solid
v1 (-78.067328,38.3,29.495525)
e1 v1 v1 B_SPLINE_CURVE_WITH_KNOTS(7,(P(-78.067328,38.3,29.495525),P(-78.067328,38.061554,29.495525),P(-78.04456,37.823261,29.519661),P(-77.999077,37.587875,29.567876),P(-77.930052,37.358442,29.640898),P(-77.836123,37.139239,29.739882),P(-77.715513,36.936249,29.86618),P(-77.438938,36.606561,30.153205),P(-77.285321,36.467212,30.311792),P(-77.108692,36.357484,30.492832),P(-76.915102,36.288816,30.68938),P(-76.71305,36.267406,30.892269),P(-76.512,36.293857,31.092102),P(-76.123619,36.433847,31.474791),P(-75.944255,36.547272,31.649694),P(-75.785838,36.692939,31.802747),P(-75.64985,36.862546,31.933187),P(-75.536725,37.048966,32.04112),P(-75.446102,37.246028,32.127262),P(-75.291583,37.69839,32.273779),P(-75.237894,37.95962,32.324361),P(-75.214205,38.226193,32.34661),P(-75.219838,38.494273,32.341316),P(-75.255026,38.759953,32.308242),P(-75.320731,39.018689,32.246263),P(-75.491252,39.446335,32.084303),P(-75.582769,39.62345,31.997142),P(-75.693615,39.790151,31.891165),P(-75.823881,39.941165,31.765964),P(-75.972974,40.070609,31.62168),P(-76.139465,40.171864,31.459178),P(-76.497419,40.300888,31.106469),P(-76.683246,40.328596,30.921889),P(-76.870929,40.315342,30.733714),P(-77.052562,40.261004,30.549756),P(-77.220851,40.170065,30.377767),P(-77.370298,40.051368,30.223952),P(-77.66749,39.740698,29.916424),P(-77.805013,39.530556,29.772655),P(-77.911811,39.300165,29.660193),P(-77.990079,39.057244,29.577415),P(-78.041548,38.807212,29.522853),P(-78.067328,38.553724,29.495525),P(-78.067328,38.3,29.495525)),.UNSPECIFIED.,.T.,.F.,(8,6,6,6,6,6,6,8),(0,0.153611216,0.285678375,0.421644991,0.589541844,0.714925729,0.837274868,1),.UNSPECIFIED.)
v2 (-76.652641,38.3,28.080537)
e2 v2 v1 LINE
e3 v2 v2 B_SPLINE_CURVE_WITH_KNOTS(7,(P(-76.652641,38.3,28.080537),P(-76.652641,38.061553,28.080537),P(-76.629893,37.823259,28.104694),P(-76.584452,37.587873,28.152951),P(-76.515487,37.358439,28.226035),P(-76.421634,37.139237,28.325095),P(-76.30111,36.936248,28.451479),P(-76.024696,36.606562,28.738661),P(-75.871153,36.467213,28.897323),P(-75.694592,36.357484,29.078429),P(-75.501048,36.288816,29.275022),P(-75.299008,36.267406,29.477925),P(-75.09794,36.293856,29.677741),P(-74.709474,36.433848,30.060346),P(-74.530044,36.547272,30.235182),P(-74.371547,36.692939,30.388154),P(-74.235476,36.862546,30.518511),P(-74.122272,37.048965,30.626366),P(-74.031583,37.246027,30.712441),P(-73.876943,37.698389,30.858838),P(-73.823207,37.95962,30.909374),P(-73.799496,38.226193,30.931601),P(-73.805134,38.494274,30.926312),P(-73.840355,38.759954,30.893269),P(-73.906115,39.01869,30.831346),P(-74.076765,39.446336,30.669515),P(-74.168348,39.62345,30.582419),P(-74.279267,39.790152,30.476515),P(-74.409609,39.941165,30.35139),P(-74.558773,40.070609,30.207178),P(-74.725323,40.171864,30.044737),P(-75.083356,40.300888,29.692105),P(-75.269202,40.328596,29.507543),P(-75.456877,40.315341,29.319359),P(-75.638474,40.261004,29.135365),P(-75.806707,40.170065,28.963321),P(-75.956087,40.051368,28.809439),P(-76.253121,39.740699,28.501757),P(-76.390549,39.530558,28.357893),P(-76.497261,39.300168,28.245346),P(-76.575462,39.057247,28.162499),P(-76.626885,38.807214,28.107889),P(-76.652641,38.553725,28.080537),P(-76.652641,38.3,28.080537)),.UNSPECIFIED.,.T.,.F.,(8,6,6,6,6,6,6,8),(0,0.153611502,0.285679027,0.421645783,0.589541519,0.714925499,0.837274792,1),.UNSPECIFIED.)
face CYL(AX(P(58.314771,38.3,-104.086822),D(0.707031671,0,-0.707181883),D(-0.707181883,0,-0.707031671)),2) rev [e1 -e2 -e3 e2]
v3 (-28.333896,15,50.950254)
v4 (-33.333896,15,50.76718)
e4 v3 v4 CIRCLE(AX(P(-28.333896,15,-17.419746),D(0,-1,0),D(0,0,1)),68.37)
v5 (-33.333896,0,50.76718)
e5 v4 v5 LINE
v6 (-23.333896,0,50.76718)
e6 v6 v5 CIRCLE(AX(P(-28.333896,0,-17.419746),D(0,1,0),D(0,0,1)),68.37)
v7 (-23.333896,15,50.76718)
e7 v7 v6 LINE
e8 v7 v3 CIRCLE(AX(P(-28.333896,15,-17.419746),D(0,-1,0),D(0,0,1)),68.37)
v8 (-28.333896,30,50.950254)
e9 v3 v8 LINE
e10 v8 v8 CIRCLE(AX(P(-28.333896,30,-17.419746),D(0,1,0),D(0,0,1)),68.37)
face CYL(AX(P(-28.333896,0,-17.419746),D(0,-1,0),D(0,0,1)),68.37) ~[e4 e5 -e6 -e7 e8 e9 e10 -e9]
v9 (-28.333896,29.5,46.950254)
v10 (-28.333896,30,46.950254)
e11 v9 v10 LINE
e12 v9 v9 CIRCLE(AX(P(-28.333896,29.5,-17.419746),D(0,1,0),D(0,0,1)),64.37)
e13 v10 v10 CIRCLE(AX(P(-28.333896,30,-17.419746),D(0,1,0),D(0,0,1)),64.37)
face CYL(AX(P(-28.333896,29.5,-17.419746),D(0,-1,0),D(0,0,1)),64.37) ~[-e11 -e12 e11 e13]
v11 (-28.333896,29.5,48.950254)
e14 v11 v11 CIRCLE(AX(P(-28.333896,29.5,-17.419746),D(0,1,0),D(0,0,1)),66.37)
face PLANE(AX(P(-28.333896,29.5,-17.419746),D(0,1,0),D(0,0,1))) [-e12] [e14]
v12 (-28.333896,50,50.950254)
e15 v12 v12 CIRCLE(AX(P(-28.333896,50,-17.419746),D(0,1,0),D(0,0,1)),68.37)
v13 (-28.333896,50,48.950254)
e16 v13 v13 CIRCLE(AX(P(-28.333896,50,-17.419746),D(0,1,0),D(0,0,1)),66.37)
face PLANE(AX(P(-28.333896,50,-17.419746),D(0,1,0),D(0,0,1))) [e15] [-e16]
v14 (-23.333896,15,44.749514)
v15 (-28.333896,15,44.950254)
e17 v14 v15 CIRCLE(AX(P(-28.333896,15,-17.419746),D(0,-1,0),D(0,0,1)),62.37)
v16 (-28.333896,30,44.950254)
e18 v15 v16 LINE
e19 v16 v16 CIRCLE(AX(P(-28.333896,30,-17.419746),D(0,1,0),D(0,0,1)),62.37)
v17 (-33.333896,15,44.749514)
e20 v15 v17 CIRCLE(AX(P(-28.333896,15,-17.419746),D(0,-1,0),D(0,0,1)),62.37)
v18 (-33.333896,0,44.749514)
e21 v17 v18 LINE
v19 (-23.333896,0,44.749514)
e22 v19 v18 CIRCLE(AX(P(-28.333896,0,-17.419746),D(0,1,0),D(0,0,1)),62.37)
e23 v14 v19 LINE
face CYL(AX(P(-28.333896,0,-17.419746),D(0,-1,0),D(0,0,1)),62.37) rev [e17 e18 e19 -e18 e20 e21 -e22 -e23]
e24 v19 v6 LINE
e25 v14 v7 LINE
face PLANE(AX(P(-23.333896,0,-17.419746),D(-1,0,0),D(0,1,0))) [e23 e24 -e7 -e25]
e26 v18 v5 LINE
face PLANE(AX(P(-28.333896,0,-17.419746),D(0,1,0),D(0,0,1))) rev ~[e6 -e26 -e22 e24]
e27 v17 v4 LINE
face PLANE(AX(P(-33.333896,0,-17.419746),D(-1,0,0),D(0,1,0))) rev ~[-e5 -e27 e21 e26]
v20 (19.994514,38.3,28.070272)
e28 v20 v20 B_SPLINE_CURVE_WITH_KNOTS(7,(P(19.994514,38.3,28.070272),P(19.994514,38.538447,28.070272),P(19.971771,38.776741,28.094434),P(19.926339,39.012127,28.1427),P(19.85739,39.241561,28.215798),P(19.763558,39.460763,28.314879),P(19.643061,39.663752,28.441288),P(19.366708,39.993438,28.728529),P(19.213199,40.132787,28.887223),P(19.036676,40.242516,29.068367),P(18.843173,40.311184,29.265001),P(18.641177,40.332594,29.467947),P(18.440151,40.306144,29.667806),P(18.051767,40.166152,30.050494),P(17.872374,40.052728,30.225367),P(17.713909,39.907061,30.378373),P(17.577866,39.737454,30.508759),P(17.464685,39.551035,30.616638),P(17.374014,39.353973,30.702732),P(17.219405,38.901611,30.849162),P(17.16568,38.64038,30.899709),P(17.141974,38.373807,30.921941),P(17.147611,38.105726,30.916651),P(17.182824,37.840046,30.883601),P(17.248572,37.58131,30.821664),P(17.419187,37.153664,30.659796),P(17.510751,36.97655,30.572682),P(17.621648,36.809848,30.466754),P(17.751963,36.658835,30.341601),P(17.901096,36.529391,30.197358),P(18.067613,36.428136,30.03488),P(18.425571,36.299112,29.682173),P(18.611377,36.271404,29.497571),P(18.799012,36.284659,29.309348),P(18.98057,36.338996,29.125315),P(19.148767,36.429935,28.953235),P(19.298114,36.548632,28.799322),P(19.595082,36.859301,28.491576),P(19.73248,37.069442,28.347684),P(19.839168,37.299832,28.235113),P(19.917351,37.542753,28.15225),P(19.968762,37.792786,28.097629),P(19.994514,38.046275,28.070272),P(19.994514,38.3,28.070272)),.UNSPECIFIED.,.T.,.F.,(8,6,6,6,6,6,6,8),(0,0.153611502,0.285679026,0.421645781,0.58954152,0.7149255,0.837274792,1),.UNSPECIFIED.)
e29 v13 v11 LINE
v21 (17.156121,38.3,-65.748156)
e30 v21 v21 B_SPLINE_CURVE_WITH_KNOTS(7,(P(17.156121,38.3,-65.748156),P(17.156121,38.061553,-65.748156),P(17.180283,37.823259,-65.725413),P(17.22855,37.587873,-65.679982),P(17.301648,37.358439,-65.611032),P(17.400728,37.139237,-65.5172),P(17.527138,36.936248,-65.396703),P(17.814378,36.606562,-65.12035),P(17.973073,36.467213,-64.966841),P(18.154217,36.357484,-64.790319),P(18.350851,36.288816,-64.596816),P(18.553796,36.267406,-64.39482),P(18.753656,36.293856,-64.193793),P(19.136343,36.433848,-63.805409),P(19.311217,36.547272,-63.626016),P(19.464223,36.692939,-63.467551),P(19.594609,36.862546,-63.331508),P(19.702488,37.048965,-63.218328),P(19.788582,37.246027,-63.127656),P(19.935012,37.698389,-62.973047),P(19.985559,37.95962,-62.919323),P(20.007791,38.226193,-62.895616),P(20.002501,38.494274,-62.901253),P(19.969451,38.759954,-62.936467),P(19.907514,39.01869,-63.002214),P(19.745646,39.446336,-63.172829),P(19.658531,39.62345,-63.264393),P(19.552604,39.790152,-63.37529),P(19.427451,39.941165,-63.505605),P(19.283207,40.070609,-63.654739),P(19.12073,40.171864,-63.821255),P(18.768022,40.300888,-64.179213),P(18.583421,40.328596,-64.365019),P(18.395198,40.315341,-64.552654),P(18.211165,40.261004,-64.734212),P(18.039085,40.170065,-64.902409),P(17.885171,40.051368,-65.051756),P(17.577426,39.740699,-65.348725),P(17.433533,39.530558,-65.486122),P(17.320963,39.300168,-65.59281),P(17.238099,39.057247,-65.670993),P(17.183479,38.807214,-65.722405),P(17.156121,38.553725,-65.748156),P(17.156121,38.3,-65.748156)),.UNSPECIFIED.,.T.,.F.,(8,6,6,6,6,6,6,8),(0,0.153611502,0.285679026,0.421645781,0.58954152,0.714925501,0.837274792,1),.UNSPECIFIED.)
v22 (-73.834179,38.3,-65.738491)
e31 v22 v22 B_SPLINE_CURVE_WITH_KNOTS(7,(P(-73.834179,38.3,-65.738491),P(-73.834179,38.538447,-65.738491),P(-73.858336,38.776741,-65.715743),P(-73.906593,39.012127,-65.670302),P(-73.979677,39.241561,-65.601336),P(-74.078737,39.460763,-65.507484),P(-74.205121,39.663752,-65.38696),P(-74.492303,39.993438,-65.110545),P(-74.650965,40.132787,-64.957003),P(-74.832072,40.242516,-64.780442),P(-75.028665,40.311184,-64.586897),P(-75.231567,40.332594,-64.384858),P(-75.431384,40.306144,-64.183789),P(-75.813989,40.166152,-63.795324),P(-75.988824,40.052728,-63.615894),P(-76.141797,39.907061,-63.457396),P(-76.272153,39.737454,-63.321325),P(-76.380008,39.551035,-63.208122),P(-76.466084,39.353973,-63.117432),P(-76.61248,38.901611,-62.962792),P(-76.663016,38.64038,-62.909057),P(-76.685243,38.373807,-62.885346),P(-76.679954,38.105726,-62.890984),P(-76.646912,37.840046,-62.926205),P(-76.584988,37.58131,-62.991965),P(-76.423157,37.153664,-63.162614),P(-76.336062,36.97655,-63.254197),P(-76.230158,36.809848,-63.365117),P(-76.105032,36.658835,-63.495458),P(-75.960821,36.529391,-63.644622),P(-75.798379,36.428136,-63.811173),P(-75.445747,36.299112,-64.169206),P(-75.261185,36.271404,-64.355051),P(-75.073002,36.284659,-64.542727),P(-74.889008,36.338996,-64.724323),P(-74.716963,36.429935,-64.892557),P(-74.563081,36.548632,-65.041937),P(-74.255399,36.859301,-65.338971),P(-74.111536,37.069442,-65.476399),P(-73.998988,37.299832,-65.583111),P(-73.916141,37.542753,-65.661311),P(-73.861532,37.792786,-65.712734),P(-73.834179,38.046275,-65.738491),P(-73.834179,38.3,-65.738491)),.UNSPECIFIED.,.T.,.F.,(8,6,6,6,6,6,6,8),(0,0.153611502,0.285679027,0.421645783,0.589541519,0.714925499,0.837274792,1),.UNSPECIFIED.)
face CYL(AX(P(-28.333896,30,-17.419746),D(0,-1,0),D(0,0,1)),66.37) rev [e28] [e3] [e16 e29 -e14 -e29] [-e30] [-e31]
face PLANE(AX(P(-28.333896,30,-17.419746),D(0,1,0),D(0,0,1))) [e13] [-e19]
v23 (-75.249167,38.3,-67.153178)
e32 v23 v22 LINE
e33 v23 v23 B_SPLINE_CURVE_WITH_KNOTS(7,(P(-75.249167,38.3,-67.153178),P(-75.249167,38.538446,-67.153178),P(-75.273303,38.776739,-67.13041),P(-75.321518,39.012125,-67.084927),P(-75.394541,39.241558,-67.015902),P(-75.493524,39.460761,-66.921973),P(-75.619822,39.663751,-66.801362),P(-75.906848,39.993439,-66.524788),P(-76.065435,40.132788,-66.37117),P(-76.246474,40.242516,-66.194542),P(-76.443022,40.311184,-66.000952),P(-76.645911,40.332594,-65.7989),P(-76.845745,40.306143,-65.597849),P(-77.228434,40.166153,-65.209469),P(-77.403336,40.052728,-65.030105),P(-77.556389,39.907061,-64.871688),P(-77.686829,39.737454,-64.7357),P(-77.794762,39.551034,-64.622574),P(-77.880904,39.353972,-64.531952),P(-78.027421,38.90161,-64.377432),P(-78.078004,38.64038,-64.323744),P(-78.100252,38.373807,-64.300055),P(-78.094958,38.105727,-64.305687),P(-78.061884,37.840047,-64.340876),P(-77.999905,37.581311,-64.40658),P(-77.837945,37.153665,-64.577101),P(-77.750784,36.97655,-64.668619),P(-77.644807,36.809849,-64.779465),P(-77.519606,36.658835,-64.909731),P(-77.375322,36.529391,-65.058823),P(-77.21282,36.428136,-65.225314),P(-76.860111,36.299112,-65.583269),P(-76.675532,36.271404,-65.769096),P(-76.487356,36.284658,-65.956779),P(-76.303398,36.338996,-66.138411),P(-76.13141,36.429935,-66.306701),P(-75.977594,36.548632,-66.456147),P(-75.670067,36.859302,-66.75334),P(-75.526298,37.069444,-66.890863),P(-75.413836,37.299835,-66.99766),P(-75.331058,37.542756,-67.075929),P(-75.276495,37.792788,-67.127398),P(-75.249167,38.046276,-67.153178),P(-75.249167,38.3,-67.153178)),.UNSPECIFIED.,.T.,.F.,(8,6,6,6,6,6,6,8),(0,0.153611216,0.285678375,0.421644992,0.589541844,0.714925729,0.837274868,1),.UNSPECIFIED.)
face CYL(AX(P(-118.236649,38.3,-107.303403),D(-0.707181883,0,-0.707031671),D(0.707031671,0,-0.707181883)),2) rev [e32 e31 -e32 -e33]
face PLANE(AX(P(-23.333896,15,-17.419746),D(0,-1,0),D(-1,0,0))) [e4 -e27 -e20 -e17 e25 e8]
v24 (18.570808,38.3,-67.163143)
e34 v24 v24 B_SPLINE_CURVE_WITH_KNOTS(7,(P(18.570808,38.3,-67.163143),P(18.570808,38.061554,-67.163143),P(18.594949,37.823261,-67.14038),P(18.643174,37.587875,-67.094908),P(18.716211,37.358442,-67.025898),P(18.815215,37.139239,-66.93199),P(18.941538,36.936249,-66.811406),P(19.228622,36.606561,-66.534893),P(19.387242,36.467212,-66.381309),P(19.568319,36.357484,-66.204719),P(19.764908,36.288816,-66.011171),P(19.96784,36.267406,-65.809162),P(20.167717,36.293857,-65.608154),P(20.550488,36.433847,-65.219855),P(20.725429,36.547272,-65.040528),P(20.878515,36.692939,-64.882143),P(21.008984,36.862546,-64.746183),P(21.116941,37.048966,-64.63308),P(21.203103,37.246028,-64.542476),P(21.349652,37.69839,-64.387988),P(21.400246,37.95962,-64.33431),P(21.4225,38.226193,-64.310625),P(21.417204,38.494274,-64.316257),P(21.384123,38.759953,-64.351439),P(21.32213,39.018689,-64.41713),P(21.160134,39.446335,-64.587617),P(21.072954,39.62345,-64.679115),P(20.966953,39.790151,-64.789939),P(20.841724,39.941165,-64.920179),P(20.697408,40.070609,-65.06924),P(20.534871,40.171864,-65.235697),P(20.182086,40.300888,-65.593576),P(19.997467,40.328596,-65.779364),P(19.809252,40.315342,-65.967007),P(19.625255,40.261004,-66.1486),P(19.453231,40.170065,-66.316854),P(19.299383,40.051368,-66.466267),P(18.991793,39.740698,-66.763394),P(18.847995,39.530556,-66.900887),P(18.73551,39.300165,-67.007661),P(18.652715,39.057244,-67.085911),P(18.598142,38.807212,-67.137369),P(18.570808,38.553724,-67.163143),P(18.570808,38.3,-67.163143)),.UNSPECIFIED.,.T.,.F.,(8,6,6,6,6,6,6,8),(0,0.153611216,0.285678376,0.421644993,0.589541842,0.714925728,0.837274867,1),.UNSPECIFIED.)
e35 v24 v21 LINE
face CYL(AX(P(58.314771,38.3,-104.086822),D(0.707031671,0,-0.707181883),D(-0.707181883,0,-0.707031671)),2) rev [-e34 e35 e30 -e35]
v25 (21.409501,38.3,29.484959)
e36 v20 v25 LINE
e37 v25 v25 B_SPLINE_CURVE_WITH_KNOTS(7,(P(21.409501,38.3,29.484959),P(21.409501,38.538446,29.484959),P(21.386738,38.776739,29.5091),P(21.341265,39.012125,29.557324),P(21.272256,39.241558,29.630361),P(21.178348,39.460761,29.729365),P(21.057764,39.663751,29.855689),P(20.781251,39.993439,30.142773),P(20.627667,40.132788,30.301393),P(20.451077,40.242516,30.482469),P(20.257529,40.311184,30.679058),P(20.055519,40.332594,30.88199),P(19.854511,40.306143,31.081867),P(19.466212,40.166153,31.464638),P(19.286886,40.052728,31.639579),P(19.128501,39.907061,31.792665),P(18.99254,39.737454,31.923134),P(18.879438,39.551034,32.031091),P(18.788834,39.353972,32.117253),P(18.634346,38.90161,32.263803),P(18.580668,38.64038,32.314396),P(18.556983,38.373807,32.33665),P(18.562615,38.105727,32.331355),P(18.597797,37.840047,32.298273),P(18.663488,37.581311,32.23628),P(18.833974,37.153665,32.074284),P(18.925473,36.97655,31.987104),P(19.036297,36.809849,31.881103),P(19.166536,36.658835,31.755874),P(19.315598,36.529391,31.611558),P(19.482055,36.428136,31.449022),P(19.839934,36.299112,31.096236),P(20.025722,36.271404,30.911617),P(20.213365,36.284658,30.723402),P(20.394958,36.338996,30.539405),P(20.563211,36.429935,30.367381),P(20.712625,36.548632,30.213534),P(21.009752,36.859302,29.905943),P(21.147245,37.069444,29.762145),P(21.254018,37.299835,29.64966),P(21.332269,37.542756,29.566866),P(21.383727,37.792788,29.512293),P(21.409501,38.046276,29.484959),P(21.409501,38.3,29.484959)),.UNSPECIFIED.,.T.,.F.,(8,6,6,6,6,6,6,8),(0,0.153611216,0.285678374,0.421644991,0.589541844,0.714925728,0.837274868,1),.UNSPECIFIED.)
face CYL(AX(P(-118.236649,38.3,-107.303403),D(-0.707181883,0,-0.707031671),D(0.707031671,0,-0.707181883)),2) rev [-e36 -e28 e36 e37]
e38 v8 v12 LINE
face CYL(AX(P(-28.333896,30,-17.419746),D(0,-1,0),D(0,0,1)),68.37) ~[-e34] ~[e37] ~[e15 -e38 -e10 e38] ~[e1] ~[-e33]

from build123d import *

# Parameters (mm, degrees)
SKETCH1_R                = 68.369999998
SKETCH1_R_2              = 62.369999998
BOSS_EXTRUDE1_DEPTH      = 30
SKETCH68_R               = 68.369999998
SKETCH68_R_2             = 66.369999998
BOSS_EXTRUDE2_DEPTH      = 20
CUT_EXTRUDE8_START       = -0.5
SKETCH69_R               = 66.369999998
SKETCH69_R_2             = 64.369999998
CUT_EXTRUDE8_DEPTH       = 0.5
SKETCH72_W               = 10
SKETCH72_H               = 15
CUT_EXTRUDE9_DEPTH       = 129.553881543
CUT_EXTRUDE12_DEPTH      = 122.552738517
CUT_EXTRUDE12_DEPTH_BACK = 122.552738517
SKETCH75_R               = 2
CUT_EXTRUDE13_DEPTH      = 127.128190531
CUT_EXTRUDE13_DEPTH_BACK = 127.128190531
SKETCH76_R               = 2.000000001


with BuildPart() as part:
    # Sketch1 → Boss-Extrude1 (new body)
    with BuildSketch(Plane(origin=(0, 0, 0), x_dir=(-0.9985653746512714, 0, -0.053546172109368295), z_dir=(0, 1, 0))):
        with Locations(Location((29.226008494, -15.877583489, 0), (0, 0, 93.069437642))):
            Circle(SKETCH1_R)
        with Locations(Location((29.226008494, -15.877583489, 0), (0, 0, 93.069437642))):
            Circle(SKETCH1_R_2, mode=Mode.SUBTRACT)
    extrude(amount=BOSS_EXTRUDE1_DEPTH)

    # Sketch68 → Boss-Extrude2 (add)
    with BuildSketch(Plane(origin=(0, 30, 0), x_dir=(1, 0, 0), z_dir=(0, 1, 0))):
        with Locations(Location((-28.333896303, 17.419745986, 0), (0, 0, 270))):
            Circle(SKETCH68_R)
        with Locations(Location((-28.333896303, 17.419745986, 0), (0, 0, 270))):
            Circle(SKETCH68_R_2, mode=Mode.SUBTRACT)
    extrude(amount=BOSS_EXTRUDE2_DEPTH)

    # Sketch69 → Cut-Extrude8 (cut)
    with BuildSketch(Plane(origin=(0, 30, 0), x_dir=(1, 0, 0), z_dir=(0, 1, 0)).offset(CUT_EXTRUDE8_START)):
        with Locations(Location((-28.333896303, 17.419745986, 0), (0, 0, 270))):
            Circle(SKETCH69_R)
        with Locations(Location((-28.333896303, 17.419745986, 0), (0, 0, 270))):
            Circle(SKETCH69_R_2, mode=Mode.SUBTRACT)
    extrude(amount=CUT_EXTRUDE8_DEPTH, mode=Mode.SUBTRACT)

    # Sketch72 → Cut-Extrude9 (cut, through all)
    with BuildSketch(Plane(origin=(0, 0, -17.419745986), x_dir=(-1, 0, 0), z_dir=(0, 0, -1))):
        with Locations((28.333896303, 7.5)):
            Rectangle(SKETCH72_W, SKETCH72_H)
    extrude(amount=-CUT_EXTRUDE9_DEPTH, mode=Mode.SUBTRACT)

    # Sketch75 → Cut-Extrude12 (cut, two sides: drawn at the far end of the back side and taken through both)
    with BuildSketch(Plane(origin=(-27.926429367, 72.899932993, -17.0123656), x_dir=(0.7071818832479886, 0, 0.7070316711476428), z_dir=(-0.7070316711476428, 0, 0.7071818832479886)).offset(-CUT_EXTRUDE12_DEPTH_BACK)):
        with Locations(Location((-0.576184071, -34.599932993, 0), (0, 0, 180))):
            Circle(SKETCH75_R)
    extrude(amount=CUT_EXTRUDE12_DEPTH + CUT_EXTRUDE12_DEPTH_BACK, mode=Mode.SUBTRACT)

    # Sketch76 → Cut-Extrude13 (cut, two sides: drawn at the far end of the back side and taken through both)
    with BuildSketch(Plane(origin=(-32.743645602, 72.899932993, -13.009059816), x_dir=(0.7070316711476428, 0, -0.7071818832479886), z_dir=(0.7071818832479886, 0, 0.7070316711476428)).offset(-CUT_EXTRUDE13_DEPTH_BACK)):
        with Locations((6.236989769, -34.599932997)):
            Circle(SKETCH76_R)
    extrude(amount=CUT_EXTRUDE13_DEPTH + CUT_EXTRUDE13_DEPTH_BACK, mode=Mode.SUBTRACT)


solid = part.part
